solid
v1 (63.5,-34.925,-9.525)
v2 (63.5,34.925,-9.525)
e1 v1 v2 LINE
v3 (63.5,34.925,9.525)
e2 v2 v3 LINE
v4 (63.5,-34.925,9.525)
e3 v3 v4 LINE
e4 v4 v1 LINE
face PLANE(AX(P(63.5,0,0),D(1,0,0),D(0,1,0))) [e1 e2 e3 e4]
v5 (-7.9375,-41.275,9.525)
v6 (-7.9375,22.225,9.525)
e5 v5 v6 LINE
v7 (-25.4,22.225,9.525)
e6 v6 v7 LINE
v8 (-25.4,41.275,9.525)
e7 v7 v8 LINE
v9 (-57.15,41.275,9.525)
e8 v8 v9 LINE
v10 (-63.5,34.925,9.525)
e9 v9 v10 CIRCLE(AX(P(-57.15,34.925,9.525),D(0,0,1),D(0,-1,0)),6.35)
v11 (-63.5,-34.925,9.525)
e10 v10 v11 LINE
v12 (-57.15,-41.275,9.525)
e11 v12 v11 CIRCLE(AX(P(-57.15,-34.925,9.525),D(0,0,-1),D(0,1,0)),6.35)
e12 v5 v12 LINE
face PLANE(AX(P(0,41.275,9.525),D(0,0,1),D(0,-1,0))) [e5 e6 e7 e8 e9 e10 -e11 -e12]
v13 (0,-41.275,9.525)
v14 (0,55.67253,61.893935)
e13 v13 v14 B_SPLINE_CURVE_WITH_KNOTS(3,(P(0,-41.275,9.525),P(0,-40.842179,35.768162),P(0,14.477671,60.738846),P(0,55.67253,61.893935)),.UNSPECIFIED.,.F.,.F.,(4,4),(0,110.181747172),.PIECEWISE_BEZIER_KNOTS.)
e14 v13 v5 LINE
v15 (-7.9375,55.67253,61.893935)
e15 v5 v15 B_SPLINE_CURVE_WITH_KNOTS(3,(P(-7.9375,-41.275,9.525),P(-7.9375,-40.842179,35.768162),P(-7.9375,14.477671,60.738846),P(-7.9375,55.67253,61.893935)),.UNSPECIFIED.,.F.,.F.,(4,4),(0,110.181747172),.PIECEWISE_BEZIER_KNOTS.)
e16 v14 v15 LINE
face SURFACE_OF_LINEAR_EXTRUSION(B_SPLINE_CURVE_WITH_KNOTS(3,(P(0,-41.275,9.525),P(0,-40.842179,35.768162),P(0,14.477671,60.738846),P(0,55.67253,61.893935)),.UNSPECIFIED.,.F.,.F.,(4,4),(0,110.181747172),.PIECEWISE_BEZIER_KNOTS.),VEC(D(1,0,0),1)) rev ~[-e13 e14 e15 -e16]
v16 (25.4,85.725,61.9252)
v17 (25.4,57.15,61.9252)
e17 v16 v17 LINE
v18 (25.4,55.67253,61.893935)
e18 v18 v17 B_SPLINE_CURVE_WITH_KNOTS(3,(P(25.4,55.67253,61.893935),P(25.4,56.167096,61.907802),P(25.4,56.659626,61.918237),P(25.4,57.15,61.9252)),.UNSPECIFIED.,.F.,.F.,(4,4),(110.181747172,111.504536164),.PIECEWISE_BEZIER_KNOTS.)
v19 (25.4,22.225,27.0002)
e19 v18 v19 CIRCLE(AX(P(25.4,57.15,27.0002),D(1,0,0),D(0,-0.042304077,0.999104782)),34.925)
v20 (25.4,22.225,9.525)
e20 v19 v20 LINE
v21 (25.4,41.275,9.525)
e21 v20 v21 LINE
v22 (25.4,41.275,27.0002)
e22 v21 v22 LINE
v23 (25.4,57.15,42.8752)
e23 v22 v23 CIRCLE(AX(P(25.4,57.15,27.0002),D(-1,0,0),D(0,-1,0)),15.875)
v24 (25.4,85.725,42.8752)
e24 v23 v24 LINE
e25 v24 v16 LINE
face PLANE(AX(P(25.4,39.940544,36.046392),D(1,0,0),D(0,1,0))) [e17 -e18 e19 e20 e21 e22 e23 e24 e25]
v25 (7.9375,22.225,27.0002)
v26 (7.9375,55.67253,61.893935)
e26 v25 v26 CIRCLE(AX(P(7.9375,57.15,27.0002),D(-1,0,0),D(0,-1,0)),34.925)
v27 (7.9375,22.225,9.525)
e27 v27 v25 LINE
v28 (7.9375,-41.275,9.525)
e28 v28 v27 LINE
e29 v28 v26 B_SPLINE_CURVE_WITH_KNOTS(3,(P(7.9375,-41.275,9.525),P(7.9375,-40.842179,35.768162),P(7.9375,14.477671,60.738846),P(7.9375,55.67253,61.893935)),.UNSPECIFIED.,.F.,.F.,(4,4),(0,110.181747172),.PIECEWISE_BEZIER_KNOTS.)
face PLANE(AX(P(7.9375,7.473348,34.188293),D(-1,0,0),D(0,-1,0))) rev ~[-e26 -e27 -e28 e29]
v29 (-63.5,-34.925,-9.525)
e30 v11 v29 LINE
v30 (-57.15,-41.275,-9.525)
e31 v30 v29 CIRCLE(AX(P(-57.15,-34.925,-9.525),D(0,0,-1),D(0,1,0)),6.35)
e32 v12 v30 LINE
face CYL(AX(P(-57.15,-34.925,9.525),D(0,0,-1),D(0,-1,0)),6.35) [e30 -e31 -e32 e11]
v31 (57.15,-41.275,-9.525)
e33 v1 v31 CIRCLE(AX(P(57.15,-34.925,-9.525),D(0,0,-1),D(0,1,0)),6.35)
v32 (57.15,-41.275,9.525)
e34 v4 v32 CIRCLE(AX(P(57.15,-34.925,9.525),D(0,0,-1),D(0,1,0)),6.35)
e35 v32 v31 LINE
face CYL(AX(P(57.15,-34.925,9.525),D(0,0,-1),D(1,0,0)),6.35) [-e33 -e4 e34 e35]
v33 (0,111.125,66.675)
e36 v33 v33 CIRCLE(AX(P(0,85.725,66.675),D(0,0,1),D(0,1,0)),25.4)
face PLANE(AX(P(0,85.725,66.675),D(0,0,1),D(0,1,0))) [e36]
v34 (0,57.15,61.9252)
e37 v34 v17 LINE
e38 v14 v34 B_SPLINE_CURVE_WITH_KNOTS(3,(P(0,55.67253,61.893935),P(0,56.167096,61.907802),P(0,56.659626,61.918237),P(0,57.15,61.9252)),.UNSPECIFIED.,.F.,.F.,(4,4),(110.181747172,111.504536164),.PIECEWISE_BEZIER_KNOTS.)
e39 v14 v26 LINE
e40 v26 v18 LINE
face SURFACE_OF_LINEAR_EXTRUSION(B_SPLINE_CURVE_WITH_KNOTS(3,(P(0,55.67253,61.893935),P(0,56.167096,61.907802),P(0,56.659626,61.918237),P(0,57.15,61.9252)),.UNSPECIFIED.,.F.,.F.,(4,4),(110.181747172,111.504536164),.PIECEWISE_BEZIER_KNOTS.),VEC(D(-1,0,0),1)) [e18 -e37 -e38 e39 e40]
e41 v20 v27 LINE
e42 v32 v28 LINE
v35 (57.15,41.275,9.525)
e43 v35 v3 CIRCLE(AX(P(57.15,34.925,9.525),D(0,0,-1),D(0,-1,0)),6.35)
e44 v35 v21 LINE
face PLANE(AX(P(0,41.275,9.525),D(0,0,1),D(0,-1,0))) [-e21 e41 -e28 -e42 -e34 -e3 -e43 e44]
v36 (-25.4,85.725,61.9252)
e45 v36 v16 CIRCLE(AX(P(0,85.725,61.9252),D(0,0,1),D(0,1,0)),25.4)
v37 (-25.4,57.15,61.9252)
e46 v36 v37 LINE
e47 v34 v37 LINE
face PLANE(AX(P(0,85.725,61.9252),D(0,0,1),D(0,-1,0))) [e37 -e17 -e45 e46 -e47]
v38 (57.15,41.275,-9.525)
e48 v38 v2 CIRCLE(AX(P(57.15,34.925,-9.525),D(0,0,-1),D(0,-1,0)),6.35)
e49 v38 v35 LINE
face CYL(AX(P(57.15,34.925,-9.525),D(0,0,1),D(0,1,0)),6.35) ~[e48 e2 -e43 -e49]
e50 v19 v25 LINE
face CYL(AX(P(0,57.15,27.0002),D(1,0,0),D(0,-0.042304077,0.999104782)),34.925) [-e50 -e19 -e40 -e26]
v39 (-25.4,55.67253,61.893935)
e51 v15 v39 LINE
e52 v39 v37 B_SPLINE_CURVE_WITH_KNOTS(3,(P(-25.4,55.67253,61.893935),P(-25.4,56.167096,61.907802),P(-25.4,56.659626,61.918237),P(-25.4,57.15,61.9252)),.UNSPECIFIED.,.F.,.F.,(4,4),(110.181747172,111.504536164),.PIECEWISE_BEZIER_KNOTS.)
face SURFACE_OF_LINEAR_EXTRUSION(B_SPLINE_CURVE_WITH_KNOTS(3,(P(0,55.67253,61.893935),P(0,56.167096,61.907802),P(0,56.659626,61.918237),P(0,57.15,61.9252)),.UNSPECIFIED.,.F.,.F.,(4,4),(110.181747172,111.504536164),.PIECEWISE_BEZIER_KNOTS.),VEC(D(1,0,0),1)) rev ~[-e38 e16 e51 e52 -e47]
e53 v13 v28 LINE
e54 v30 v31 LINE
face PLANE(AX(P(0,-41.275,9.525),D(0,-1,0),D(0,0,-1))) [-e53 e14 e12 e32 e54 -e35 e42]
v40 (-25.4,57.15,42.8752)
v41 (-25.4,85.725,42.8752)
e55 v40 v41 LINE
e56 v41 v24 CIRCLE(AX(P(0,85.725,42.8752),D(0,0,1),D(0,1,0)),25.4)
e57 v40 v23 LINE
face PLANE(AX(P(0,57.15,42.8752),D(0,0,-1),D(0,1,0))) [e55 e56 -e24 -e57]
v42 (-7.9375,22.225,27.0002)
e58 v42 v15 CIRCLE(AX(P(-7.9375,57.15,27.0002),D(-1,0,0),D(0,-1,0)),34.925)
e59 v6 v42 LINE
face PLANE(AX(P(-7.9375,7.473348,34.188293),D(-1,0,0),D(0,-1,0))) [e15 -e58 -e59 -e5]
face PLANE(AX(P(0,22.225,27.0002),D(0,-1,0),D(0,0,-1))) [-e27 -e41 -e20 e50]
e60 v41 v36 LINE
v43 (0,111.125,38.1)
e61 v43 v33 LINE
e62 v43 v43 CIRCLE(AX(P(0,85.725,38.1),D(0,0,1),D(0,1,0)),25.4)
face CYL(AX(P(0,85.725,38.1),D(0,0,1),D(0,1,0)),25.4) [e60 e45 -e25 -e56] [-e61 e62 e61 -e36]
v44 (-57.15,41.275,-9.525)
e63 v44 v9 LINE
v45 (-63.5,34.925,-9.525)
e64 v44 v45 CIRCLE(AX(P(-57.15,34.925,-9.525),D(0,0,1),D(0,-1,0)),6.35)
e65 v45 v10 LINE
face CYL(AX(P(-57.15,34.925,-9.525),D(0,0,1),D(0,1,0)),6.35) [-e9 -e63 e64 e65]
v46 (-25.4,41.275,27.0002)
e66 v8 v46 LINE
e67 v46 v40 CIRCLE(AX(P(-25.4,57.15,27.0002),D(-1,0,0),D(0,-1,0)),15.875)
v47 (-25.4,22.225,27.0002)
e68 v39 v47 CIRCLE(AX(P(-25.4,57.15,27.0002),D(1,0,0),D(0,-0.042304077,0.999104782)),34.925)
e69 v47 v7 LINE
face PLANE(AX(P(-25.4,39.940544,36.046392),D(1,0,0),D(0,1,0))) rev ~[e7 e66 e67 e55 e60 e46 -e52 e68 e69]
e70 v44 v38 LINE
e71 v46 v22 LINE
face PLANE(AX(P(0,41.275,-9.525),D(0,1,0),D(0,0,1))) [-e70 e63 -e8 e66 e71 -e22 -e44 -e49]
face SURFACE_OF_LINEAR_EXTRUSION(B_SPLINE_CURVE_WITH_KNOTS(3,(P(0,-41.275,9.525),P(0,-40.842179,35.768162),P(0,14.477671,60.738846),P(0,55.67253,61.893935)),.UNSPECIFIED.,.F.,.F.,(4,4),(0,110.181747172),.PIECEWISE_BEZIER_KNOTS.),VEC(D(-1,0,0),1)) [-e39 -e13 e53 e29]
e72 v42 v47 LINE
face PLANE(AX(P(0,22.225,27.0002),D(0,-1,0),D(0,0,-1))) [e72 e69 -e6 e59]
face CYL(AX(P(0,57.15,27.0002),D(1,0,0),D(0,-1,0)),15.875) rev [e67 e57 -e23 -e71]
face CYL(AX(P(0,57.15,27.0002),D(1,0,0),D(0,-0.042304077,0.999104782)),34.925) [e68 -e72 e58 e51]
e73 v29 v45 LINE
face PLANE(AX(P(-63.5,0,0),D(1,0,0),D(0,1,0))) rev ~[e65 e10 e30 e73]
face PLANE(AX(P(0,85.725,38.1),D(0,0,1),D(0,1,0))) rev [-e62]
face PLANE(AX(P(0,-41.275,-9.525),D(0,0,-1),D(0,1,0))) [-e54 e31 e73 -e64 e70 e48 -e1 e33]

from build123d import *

# Parameters (mm, degrees)
F1_DEPTH = 63.5
F0_W     = 25.4
F0_H     = 19.05
F2_DEPTH = 25.4
F3_DEPTH = 7.9375
F5_R     = 6.35


with BuildPart() as f1:
    # F0 (on Right) → F1 (new body, symmetric)
    with BuildSketch(Plane.YZ):
        Polygon((-41.275, 9.525), (-41.275, -9.525), (41.275, -9.525), (41.275, 9.525), (22.225, 9.525), align=None)
    extrude(amount=F1_DEPTH, both=True)

    # F0 (on Right) → F2 (join, symmetric)
    with BuildSketch(Plane.YZ):
        with BuildLine():
            Line((22.225, 9.525), (41.275, 9.525))
            Line((41.275, 9.525), (41.275, 27.0002))
            ThreePointArc((41.275, 27.0002), (45.9246798487, 38.2255201513), (57.15, 42.8752))
            Line((57.15, 42.8752), (60.325, 42.8752))
            Line((60.325, 42.8752), (60.325, 61.9252))
            Line((60.325, 61.9252), (57.15, 61.9252))
            add(Edge.make_bspline(
                [(55.6725300952, 61.8939345046), (56.1670957389, 61.9078019398), (56.659625513, 61.9182367743), (57.15, 61.9252)],
                knots=[110.1817471717, 110.1817471717, 110.1817471717, 110.1817471717, 111.5045361635, 111.5045361635, 111.5045361635, 111.5045361635], degree=3))
            ThreePointArc((55.6725300952, 61.8939345046), (31.9373418555, 51.1678952622), (22.225, 27.0002))
            Line((22.225, 27.0002), (22.225, 9.525))
        make_face()
        with Locations((73.025, 52.4002)):
            Rectangle(F0_W, F0_H)
    extrude(amount=F2_DEPTH, both=True)

    # F0 (on Right) → F3 (join, symmetric)
    with BuildSketch(Plane.YZ):
        with BuildLine():
            add(Edge.make_bspline(
                [(-41.275, 9.525), (-40.8421786734, 35.7681623922), (14.4776705555, 60.7388460936), (55.6725300952, 61.8939345046)],
                knots=[0, 0, 0, 0, 110.1817471717, 110.1817471717, 110.1817471717, 110.1817471717], degree=3))
            Line((-41.275, 9.525), (22.225, 9.525))
            Line((22.225, 9.525), (22.225, 27.0002))
            ThreePointArc((22.225, 27.0002), (31.9373418555, 51.1678952622), (55.6725300952, 61.8939345046))
        make_face()
    extrude(amount=F3_DEPTH, both=True)

    # F0 (on Right) → F4 (revolve)
    with BuildSketch(Plane.YZ):
        Polygon((85.725, 66.675), (85.725, 61.9252), (85.725, 42.8752), (85.725, 38.1), (111.125, 38.1), (111.125, 66.675), align=None)
    revolve(axis=Axis((0, 85.725, 52.3875), (0, 0, 1)))

    # F5
    f5_edges = [f1.edges().sort_by_distance(p)[0] for p in [
        (63.5, 41.275, 0),
        (63.5, -41.275, 0),
        (-63.5, 41.275, 0),
        (-63.5, -41.275, 0),
    ]]
    fillet(f5_edges, radius=F5_R)


solid = f1.part
